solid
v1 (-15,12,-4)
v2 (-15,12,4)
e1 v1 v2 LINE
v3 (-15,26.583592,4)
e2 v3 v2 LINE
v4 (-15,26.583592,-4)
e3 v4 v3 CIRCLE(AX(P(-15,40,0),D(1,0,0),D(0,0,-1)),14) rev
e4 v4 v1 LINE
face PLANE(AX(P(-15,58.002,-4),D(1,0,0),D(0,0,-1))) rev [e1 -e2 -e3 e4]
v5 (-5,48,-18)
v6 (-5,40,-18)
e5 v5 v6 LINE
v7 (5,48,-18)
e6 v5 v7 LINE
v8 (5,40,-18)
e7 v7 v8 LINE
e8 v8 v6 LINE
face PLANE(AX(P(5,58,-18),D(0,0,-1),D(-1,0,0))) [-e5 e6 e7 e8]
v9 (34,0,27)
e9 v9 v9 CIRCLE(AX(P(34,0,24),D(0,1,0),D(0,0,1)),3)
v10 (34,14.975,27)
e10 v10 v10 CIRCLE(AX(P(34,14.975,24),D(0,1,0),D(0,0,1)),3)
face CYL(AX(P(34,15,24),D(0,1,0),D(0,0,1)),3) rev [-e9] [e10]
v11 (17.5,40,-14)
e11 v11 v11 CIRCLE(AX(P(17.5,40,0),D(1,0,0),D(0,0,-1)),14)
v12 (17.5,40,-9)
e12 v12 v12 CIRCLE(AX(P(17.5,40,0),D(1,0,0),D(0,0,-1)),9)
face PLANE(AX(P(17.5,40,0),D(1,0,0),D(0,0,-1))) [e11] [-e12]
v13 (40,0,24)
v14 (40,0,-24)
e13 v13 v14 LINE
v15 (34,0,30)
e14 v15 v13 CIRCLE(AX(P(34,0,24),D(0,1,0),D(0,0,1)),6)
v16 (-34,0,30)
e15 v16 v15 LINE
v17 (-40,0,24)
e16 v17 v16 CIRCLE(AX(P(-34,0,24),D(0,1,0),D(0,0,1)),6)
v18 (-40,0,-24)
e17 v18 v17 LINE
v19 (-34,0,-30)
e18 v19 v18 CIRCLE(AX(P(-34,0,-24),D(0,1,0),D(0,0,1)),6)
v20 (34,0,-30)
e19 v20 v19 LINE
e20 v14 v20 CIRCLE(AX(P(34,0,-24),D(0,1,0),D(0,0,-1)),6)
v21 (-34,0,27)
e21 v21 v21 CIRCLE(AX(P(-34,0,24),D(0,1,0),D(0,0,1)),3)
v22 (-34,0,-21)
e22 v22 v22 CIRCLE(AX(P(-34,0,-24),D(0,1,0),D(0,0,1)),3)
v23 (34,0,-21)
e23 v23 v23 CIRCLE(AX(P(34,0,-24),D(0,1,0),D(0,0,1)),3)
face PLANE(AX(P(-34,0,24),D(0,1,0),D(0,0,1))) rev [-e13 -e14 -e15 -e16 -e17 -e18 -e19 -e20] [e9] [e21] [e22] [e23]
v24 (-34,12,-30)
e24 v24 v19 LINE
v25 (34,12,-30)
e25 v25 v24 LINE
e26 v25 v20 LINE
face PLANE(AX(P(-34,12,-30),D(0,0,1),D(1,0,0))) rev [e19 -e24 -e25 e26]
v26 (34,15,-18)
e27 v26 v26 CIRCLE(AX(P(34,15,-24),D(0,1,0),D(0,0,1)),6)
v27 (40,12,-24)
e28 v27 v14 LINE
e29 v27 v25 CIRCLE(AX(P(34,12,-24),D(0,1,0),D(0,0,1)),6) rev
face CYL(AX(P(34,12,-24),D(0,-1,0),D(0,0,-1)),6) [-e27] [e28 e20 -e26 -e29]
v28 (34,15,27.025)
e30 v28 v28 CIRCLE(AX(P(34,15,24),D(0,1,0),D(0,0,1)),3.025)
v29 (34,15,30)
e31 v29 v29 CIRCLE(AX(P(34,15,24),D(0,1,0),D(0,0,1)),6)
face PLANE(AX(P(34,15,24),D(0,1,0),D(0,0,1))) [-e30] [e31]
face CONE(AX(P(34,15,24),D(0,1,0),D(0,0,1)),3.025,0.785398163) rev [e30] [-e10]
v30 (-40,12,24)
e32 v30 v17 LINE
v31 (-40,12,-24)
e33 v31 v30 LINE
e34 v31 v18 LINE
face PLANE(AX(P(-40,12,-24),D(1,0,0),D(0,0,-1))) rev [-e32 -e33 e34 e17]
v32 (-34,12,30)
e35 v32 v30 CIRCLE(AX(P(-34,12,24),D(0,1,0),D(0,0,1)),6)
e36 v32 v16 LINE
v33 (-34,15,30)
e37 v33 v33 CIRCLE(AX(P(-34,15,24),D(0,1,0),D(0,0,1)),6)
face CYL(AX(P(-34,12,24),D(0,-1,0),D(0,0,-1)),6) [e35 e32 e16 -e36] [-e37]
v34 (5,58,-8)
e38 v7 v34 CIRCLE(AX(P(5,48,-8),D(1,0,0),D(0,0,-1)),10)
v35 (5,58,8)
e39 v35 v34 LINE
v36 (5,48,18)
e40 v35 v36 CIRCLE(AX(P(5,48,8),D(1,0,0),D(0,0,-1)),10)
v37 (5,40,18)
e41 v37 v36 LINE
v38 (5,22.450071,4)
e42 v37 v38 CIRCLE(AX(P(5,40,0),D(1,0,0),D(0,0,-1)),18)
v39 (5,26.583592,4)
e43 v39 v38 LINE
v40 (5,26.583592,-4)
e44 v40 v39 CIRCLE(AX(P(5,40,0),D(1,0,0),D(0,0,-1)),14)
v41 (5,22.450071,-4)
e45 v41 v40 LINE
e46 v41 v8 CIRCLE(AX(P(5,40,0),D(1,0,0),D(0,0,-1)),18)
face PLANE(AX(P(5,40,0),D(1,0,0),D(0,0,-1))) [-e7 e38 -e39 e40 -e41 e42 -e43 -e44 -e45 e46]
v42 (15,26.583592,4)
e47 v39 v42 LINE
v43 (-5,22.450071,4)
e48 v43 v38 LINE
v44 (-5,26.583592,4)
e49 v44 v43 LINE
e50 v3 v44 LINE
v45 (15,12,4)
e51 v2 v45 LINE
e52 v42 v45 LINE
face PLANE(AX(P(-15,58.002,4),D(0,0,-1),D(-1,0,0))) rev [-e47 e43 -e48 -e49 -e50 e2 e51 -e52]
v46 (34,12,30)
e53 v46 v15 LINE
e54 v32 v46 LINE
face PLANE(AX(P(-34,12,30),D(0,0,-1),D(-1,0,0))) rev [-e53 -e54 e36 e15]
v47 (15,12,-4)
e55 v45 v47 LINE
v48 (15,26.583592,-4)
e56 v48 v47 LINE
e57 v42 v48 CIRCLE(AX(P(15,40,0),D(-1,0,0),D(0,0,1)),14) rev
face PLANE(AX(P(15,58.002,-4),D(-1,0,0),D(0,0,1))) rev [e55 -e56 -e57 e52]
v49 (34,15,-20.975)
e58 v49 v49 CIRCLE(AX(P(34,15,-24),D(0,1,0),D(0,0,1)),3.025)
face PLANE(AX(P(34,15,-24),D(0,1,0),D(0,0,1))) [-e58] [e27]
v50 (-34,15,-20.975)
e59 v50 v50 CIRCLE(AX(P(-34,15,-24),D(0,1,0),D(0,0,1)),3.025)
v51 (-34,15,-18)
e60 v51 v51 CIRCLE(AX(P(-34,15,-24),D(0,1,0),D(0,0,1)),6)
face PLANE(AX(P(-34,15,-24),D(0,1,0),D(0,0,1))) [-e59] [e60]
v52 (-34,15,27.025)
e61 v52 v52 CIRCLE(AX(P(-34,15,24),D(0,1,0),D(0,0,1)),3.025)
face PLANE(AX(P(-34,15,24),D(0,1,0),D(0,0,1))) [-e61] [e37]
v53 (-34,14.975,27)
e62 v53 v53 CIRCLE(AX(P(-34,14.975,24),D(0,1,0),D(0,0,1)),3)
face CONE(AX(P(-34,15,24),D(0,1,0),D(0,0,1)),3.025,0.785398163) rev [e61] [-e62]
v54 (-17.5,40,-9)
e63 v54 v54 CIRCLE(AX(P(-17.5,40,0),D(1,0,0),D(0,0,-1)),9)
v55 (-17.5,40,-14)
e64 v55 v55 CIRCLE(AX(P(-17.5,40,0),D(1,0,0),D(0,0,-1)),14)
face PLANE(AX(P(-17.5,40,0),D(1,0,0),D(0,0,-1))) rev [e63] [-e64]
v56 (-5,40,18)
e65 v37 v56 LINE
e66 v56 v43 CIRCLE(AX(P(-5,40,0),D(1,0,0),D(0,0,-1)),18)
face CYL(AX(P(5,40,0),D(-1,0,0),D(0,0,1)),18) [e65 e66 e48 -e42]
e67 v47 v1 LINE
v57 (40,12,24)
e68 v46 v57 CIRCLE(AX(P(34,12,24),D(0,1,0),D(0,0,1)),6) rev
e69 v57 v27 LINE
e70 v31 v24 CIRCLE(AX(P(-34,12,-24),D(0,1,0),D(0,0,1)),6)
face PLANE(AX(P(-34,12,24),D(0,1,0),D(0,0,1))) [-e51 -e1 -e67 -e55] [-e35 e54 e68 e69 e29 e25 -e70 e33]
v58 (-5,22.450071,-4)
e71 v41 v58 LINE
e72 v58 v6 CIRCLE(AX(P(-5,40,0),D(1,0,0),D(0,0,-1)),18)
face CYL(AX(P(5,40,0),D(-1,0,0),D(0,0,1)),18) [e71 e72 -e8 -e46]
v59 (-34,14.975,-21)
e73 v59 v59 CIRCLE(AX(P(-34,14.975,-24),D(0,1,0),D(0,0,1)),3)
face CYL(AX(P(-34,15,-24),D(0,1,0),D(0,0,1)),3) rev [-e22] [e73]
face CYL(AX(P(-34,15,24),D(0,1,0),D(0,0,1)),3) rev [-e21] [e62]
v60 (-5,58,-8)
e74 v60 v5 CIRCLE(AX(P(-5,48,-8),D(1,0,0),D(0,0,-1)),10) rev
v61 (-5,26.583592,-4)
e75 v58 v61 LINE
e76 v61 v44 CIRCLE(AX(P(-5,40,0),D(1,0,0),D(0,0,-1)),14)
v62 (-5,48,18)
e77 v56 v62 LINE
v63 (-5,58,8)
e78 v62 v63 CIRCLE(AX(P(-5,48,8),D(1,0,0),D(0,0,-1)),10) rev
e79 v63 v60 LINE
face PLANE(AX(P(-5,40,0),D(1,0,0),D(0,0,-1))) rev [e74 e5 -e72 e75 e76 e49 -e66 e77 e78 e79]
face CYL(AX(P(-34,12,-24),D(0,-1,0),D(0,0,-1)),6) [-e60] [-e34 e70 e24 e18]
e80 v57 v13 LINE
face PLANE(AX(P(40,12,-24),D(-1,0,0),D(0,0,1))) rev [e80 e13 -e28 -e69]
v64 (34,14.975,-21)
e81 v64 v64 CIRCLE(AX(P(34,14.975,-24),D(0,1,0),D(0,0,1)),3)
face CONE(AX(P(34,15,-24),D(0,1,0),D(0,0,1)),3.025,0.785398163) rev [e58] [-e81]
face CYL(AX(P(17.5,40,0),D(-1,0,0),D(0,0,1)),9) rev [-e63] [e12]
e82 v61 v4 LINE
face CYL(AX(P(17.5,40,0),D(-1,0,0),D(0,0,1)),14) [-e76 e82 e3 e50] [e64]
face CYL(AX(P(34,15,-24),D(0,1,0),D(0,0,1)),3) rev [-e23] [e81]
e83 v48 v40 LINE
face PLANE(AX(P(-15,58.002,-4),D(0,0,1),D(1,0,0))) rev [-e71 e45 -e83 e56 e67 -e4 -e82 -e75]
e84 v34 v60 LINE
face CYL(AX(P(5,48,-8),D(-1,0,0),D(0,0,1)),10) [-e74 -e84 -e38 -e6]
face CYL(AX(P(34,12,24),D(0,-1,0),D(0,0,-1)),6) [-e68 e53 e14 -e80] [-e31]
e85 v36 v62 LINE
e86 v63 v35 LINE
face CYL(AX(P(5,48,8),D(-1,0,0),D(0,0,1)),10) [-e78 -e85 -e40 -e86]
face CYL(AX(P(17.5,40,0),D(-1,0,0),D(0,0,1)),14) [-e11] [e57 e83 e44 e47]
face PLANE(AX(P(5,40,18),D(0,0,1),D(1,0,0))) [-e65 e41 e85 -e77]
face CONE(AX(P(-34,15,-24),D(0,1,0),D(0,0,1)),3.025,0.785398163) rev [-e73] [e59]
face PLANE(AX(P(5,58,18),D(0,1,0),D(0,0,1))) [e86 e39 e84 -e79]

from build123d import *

# Parameters (mm, degrees)
BOSS_EXTRUDE1_DEPTH                = 12
SKETCH2_R                          = 6
BOSS_EXTRUDE2_DEPTH                = 3
F_6_0_6_DIAMETER_HOLE2_D           = 6
F_6_0_6_DIAMETER_HOLE2_CSINK_D     = 6.05
F_6_0_6_DIAMETER_HOLE2_CSINK_ANGLE = 90
SKETCH7_R                          = 14
SKETCH7_R_2                        = 9
BOSS_EXTRUDE4_DEPTH                = 17.5
BOSS_EXTRUDE6_DEPTH                = 5
SKETCH9_R                          = 9
CUT_EXTRUDE1_DEPTH                 = 30
BOSS_EXTRUDE7_REACH                = 69.941
SKETCH10_W                         = 30
SKETCH10_H                         = 8
FILLET1_R                          = 10


with BuildPart() as part:
    # Sketch1 → Boss-Extrude1 (new body)
    with BuildSketch(Plane(origin=(0, 0, 0), x_dir=(1, 0, 0), z_dir=(0, 1, 0))):
        with BuildLine():
            Line((-34, 30), (34, 30))
            ThreePointArc((34, 30), (38.242640687, 28.242640687), (40, 24))
            Line((40, 24), (40, -24))
            ThreePointArc((40, -24), (38.242640687, -28.242640687), (34, -30))
            Line((34, -30), (-34, -30))
            ThreePointArc((-34, -30), (-38.242640687, -28.242640687), (-40, -24))
            Line((-40, -24), (-40, 24))
            ThreePointArc((-40, 24), (-38.242640687, 28.242640687), (-34, 30))
        make_face()
    extrude(amount=BOSS_EXTRUDE1_DEPTH)

    # Sketch2 → Boss-Extrude2 (add)
    with BuildSketch(Plane(origin=(0, 12, 0), x_dir=(1, 0, 0), z_dir=(0, 1, 0))):
        with Locations(Location((-34, 24, 0), (0, 0, 90))):
            Circle(SKETCH2_R)
        with Locations(Location((-34, -24, 0), (0, 0, 270))):
            Circle(SKETCH2_R)
        with Locations(Location((34, 24, 0), (0, 0, 90))):
            Circle(SKETCH2_R)
        with Locations(Location((34, -24, 0), (0, 0, 270))):
            Circle(SKETCH2_R)
    extrude(amount=BOSS_EXTRUDE2_DEPTH)

    # Ø6.0 (6) Diameter Hole2 (through all)
    with Locations(Plane(origin=(0, 15, 0), x_dir=(1, 0, 0), z_dir=(0, 1, 0))):
        with Locations((-34, 24), (34, 24), (34, -24), (-34, -24)):
            CounterSinkHole(F_6_0_6_DIAMETER_HOLE2_D / 2, F_6_0_6_DIAMETER_HOLE2_CSINK_D / 2, counter_sink_angle=F_6_0_6_DIAMETER_HOLE2_CSINK_ANGLE)


with BuildPart() as body_2:
    # Sketch7 → Boss-Extrude4 (new, symmetric)
    with BuildSketch(Plane(origin=(0, 0, 0), x_dir=(0, 0, -1), z_dir=(1, 0, 0))):
        with Locations((0, 40)):
            Circle(SKETCH7_R)
        with Locations((0, 40)):
            Circle(SKETCH7_R_2, mode=Mode.SUBTRACT)
    extrude(amount=BOSS_EXTRUDE4_DEPTH, both=True)

    # Sketch8 → Boss-Extrude6 (add, symmetric)
    with BuildSketch(Plane(origin=(0, 0, 0), x_dir=(0, 0, -1), z_dir=(1, 0, 0))):
        with BuildLine():
            Line((-18, 40), (-18, 58))
            Line((-18, 58), (18, 58))
            Line((18, 58), (18, 40))
            ThreePointArc((18, 40), (0, 22), (-18, 40))
        make_face()
    extrude(amount=BOSS_EXTRUDE6_DEPTH, both=True)

    # Sketch9 → Cut-Extrude1 (cut, symmetric)
    with BuildSketch(Plane(origin=(5, 0, 0), x_dir=(0, 0, -1), z_dir=(1, 0, 0))):
        with Locations((0, 40)):
            Circle(SKETCH9_R)
    extrude(amount=CUT_EXTRUDE1_DEPTH, both=True, mode=Mode.SUBTRACT)

    # Sketch10 → Boss-Extrude7 (add, up to next)
    with BuildSketch(Plane(origin=(0, 12, 0), x_dir=(1, 0, 0), z_dir=(0, 1, 0)), mode=Mode.PRIVATE) as boss_extrude7_sk1:
        Rectangle(SKETCH10_W, SKETCH10_H)
    boss_extrude7_tool1 = extrude(boss_extrude7_sk1.sketch, amount=BOSS_EXTRUDE7_REACH, mode=Mode.PRIVATE) - body_2.part

    add(part.part)  # Boss-Extrude7 merges part
    add(boss_extrude7_tool1.solids().sort_by_distance((0, 12, 0))[0])

    # Fillet1
    fillet1_edges = [body_2.edges().sort_by_distance(p)[0] for p in [
        (0, 58, 18),
        (0, 58, -18),
    ]]
    fillet(fillet1_edges, radius=FILLET1_R)


solid = body_2.part
